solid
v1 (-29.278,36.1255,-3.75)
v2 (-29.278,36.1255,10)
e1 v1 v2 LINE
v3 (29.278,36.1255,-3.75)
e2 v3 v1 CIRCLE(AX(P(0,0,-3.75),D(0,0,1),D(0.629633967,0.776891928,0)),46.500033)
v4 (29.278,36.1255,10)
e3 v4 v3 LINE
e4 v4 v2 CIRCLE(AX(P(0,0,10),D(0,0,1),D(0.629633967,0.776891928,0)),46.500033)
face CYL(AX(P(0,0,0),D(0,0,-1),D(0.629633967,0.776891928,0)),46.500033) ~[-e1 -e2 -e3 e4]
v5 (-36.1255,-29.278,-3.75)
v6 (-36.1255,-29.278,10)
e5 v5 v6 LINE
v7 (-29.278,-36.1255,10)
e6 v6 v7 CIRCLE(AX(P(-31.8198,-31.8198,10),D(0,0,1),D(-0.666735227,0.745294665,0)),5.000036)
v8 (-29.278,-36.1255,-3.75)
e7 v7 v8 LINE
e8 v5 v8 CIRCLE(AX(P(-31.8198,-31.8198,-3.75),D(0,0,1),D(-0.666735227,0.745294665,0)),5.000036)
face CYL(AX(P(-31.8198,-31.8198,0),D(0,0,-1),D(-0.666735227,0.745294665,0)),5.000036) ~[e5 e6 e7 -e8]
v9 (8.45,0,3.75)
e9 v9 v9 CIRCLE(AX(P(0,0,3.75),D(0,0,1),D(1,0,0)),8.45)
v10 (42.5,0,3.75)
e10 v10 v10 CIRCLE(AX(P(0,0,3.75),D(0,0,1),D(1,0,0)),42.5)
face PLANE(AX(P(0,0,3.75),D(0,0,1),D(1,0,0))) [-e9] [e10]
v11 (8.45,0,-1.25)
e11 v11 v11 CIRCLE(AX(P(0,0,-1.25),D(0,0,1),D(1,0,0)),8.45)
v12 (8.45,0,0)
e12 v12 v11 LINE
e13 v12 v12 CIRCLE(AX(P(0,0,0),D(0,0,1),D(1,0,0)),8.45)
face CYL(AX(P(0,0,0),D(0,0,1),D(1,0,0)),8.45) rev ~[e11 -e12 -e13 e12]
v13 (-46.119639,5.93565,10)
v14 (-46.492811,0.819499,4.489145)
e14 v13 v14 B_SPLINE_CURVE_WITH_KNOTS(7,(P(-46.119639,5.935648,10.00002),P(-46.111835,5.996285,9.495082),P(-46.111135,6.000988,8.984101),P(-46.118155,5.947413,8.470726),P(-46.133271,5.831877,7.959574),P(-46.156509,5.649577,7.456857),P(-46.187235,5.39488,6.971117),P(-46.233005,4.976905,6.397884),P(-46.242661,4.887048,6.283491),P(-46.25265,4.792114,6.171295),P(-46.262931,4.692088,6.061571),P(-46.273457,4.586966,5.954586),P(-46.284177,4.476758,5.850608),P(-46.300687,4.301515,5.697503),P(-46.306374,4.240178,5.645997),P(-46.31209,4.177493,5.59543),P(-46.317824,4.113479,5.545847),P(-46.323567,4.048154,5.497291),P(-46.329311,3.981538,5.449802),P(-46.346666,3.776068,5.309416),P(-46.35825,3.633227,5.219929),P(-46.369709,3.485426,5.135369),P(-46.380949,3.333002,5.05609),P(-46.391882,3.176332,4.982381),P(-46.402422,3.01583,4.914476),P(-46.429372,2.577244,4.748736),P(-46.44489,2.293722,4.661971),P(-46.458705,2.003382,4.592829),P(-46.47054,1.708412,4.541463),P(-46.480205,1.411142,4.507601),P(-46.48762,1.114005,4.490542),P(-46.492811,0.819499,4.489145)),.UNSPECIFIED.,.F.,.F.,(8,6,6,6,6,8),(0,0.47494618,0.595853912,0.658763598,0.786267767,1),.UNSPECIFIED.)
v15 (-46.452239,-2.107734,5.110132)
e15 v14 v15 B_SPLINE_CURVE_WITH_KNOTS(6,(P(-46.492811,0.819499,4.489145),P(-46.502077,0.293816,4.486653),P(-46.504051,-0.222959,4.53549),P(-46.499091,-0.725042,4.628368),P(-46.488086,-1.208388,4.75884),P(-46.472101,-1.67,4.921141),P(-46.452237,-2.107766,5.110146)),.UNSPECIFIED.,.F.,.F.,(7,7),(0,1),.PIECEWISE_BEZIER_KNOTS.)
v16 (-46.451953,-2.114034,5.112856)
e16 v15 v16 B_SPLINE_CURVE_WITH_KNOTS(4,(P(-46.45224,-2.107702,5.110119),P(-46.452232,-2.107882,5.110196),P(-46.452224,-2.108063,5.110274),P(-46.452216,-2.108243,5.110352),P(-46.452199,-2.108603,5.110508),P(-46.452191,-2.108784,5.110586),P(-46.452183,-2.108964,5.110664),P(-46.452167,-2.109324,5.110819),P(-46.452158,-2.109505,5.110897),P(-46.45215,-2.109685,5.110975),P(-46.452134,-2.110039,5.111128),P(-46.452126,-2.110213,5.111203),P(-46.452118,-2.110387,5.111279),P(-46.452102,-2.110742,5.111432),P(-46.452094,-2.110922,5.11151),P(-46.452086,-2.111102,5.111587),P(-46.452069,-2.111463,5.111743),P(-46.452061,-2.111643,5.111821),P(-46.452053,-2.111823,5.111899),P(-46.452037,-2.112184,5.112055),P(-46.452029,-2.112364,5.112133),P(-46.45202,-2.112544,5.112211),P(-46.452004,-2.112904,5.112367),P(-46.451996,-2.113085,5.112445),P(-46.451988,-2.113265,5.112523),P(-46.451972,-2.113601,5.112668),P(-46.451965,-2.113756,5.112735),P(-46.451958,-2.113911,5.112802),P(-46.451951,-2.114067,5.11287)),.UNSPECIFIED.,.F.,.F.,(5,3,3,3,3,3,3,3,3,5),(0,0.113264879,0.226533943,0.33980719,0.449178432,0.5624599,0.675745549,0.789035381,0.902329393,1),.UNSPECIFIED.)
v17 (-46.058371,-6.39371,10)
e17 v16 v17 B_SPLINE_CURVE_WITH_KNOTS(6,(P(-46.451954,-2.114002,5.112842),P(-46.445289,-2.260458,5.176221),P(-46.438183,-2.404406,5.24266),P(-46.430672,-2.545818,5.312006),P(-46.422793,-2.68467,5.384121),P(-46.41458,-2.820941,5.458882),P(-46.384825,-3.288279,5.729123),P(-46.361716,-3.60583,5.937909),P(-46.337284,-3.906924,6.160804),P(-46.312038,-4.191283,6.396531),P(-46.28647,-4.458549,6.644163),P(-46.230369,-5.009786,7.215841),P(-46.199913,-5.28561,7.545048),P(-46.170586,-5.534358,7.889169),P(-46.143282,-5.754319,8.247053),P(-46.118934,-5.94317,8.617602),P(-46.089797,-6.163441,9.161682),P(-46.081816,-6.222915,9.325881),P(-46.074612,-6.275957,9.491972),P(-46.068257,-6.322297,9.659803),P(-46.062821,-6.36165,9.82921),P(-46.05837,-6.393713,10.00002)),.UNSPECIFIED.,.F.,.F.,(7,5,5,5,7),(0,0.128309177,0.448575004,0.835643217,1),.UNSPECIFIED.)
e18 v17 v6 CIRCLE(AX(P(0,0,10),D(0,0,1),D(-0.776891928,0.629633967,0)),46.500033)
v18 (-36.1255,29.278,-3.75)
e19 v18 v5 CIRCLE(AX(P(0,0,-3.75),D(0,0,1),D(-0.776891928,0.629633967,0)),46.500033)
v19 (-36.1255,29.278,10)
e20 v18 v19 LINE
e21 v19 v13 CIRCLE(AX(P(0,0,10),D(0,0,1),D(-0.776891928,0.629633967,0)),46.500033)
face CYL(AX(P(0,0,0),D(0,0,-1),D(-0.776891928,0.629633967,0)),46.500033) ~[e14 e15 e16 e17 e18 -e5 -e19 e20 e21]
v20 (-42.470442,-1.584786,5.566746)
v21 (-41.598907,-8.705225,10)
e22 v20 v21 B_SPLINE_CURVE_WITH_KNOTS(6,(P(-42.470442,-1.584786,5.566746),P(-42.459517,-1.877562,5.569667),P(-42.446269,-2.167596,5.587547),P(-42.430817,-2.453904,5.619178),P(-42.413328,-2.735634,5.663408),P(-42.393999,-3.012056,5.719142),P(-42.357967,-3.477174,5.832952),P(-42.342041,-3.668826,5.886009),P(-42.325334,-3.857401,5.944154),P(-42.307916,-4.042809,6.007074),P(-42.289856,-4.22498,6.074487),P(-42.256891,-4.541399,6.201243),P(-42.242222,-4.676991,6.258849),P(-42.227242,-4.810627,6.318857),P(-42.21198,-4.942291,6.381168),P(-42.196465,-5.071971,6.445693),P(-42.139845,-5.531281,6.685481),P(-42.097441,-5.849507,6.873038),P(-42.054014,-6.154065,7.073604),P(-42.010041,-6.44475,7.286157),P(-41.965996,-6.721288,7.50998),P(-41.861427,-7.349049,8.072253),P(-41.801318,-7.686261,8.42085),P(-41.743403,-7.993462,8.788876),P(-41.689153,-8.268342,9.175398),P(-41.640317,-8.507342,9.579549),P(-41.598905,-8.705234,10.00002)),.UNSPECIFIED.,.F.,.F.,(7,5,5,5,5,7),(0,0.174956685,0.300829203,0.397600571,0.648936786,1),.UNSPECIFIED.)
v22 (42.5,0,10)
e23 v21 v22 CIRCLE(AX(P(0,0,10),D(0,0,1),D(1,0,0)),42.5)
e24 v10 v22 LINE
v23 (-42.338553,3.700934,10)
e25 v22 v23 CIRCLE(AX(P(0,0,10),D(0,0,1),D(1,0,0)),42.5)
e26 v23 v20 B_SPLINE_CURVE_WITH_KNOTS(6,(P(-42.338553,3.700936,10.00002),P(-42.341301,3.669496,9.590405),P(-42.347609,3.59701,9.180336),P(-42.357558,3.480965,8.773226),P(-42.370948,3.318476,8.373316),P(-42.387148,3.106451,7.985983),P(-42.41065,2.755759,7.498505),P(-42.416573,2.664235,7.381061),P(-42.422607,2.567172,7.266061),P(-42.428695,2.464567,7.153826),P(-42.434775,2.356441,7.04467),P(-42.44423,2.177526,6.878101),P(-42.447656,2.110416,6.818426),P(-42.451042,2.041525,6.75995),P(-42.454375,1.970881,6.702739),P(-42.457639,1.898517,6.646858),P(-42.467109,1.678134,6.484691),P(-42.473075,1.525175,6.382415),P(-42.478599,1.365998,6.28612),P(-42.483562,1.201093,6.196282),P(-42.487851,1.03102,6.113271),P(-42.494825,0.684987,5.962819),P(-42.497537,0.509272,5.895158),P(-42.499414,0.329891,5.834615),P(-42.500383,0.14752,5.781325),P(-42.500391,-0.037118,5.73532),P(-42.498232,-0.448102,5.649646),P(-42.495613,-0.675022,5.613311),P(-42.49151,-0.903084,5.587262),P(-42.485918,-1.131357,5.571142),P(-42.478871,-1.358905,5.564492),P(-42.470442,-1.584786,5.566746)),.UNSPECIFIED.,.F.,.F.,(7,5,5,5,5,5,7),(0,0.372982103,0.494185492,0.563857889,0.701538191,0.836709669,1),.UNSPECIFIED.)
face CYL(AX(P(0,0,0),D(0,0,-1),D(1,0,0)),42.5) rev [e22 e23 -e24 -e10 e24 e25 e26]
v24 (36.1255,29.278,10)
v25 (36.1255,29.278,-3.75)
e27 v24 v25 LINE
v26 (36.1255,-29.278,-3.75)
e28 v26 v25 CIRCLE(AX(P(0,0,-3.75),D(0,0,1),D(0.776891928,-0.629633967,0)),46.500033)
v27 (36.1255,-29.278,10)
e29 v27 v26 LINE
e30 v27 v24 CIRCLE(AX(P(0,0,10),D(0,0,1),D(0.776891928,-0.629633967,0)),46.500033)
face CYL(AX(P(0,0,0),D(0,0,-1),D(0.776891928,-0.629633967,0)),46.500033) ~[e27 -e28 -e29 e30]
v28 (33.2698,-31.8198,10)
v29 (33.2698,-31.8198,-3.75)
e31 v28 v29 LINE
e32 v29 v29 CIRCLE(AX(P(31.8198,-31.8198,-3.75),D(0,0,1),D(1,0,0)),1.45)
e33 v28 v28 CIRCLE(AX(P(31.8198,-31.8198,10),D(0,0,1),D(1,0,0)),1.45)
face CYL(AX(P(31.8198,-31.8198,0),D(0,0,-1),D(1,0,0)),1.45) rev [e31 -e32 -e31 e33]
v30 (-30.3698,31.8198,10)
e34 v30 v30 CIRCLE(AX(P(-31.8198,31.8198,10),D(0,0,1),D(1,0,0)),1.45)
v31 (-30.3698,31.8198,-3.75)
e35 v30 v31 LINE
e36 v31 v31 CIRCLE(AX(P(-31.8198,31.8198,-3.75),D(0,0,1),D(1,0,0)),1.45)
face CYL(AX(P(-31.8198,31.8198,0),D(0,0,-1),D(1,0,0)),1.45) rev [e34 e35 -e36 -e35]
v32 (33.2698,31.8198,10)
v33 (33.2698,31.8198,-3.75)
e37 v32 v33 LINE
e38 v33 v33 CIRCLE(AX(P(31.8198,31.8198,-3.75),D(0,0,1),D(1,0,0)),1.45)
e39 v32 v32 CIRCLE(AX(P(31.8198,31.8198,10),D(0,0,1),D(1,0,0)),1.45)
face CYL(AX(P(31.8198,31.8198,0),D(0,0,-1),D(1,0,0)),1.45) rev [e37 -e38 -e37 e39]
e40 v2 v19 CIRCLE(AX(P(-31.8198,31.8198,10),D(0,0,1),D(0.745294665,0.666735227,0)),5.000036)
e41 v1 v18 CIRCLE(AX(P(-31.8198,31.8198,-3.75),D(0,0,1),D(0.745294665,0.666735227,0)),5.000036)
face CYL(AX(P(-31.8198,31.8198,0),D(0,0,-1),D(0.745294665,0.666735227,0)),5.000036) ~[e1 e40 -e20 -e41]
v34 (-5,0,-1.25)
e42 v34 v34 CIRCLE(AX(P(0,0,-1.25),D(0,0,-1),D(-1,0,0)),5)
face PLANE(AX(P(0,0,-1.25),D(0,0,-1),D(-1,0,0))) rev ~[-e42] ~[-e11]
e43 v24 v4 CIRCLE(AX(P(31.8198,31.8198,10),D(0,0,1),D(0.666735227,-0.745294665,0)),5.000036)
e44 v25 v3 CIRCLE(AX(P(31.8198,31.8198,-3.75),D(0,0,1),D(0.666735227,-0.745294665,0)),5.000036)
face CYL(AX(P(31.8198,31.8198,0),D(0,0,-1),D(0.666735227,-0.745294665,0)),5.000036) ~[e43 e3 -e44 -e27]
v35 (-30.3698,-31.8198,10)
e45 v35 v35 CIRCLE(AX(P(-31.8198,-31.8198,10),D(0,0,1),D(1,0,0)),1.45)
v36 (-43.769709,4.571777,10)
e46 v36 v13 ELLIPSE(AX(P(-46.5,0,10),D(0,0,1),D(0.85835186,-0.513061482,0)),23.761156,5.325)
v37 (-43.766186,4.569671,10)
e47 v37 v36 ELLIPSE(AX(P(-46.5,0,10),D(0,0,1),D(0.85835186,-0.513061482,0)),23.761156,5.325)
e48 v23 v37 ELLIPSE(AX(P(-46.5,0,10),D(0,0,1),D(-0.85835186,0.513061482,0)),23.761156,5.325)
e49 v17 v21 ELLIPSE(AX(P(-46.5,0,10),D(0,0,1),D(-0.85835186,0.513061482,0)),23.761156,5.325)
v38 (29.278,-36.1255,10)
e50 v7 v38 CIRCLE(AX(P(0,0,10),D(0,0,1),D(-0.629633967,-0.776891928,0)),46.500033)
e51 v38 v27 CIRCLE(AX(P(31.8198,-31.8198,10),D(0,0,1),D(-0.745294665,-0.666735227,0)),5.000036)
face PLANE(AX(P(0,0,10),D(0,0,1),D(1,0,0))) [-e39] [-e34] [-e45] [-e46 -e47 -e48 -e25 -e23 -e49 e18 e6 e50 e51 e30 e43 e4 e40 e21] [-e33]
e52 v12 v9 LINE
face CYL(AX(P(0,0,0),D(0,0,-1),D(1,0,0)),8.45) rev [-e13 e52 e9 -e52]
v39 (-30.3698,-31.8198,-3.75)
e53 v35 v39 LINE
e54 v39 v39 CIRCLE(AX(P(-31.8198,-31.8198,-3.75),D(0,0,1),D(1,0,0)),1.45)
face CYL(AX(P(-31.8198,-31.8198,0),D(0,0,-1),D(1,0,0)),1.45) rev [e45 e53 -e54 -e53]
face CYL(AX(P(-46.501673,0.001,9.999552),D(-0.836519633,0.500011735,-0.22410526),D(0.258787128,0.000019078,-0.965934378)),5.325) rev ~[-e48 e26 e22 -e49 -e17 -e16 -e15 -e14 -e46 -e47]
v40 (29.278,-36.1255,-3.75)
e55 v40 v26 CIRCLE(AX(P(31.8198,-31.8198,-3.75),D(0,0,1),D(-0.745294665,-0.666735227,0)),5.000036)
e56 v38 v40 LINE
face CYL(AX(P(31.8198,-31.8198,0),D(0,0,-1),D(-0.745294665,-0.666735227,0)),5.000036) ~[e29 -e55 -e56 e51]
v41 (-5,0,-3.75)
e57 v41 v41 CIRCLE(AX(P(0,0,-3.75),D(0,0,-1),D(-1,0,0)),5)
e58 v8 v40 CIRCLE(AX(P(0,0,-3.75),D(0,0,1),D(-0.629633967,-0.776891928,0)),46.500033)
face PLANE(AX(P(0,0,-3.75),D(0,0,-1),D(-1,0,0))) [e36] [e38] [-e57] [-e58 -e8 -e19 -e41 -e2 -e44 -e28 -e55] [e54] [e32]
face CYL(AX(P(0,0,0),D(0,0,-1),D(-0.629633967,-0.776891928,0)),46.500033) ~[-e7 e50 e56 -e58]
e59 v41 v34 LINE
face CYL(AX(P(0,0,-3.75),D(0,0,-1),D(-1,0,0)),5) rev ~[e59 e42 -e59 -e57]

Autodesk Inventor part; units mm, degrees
ref_plane "YZ Plane" through (0, 0, 0) normal (1, 0, 0) x (0, 1, 0)
sketch "Sketch1" plane through (0, 0, 0) normal (0, 0, 1) x (1, 0, 0)
  circle A0 centre (0, 0) radius 5
  circle A1 centre (0, 0) radius 8.45
  circle A2 centre (0, 0) radius 42.5
  circle A3 centre (0, 0) radius 45 construction
  circle A4 centre (-31.8198, 31.8198) radius 1.45
  arc A5 (-28.0933, 35.1535) -> (-35.1535, 28.0933) centre (-31.8198, 31.8198) ccw
  arc A6 (-35.1535, -28.0933) -> (-28.0933, -35.1535) centre (-31.8198, -31.8198) ccw
  circle A7 centre (-31.8198, -31.8198) radius 1.45
  arc A8 (28.0933, -35.1535) -> (35.1535, -28.0933) centre (31.8198, -31.8198) ccw
  circle A9 centre (31.8198, -31.8198) radius 1.45
  arc A10 (35.1535, 28.0933) -> (28.0933, 35.1535) centre (31.8198, 31.8198) ccw
  circle A11 centre (31.8198, 31.8198) radius 1.45
  line L0 (-31.8198, 31.8198) -> (31.8198, 31.8198) construction
  arc A12 (29.278, 36.1255) -> (-29.278, 36.1255) centre (0, 0) ccw
  arc A13 (-36.1255, 29.278) -> (-36.1255, -29.278) centre (0, 0) ccw
  arc A14 (-29.278, -36.1255) -> (29.278, -36.1255) centre (0, 0) ccw
  arc A15 (36.1255, -29.278) -> (36.1255, 29.278) centre (0, 0) ccw
  point P0 (0, -46.5)
  point P1 (0, 46.5)
  dimension "d2" = 10
  dimension "d3" = 16.9
  dimension "d4" = 85
  dimension "d5" = 90
  dimension "d6" = 2.9
  dimension "d7" = 5
  dimension "d8" = 360
  dimension "d24" = 93
extrude "Extrusion1" add sketch "Sketch1" against normal blind 3.75 contours A12 A10 A15 A8 A14 A6 A13 A5
extrude "Extrusion2" add sketch "Sketch1" along normal mid plane 7.5 contours A2
extrude "Extrusion3" add sketch "Sketch1" along normal blind 10 contours A12 A10 A15 A8 A14 A6 A13 A5
sketch "Sketch2" plane through (0, 0, 10) normal (0, 0, 1) x (1, 0, 0)
  arc A0 (-36.1255, 29.278) -> (-36.1255, -29.278) centre (0, 0) ccw projected
  line L0 (-46.5, 0) -> (-46.5, -31.8198) construction
  circle A1 centre (-31.8198, -31.8198) radius 1.45 projected
ref_plane "Work Plane1" through (-46.5, 0, 10) normal (-0.9659, 0, -0.2588) x (0, -1, 0)
sketch "Sketch3" plane through (-46.5, 0, 10) normal (-0.9659, 0, -0.2588) x (0, -1, 0)
  line L0 (0, 0) -> (31.8198, 0) projected
  line L1 (0, 0) -> (0, -21.6943) construction
ref_plane "Work Plane2" through (-46.5, 0, 10) normal (-0.8365, 0.5, -0.2241) x (0.2588, 0, -0.9659)
sketch "Sketch4" plane through (-46.5, 0, 10) normal (-0.8365, 0.5, -0.2241) x (0.2588, 0, -0.9659)
  circle A0 centre (0, 0) radius 5.325
  point P0 (21.6943, -21.1637)
  point P1 (0, 0)
  dimension "d20" = 10.65
extrude "Extrusion5" cut sketch "Sketch4" along normal mid plane 20
sketch "Sketch5" plane through (0, 0, -3.75) normal (0, 0, -1) x (-1, 0, 0)
  circle A0 centre (0, 0) radius 5 projected
  circle A1 centre (0, 0) radius 8.45 projected
extrude "Extrusion6" add sketch "Sketch5" against normal blind 2.5
properties part number "Case Part 2"
